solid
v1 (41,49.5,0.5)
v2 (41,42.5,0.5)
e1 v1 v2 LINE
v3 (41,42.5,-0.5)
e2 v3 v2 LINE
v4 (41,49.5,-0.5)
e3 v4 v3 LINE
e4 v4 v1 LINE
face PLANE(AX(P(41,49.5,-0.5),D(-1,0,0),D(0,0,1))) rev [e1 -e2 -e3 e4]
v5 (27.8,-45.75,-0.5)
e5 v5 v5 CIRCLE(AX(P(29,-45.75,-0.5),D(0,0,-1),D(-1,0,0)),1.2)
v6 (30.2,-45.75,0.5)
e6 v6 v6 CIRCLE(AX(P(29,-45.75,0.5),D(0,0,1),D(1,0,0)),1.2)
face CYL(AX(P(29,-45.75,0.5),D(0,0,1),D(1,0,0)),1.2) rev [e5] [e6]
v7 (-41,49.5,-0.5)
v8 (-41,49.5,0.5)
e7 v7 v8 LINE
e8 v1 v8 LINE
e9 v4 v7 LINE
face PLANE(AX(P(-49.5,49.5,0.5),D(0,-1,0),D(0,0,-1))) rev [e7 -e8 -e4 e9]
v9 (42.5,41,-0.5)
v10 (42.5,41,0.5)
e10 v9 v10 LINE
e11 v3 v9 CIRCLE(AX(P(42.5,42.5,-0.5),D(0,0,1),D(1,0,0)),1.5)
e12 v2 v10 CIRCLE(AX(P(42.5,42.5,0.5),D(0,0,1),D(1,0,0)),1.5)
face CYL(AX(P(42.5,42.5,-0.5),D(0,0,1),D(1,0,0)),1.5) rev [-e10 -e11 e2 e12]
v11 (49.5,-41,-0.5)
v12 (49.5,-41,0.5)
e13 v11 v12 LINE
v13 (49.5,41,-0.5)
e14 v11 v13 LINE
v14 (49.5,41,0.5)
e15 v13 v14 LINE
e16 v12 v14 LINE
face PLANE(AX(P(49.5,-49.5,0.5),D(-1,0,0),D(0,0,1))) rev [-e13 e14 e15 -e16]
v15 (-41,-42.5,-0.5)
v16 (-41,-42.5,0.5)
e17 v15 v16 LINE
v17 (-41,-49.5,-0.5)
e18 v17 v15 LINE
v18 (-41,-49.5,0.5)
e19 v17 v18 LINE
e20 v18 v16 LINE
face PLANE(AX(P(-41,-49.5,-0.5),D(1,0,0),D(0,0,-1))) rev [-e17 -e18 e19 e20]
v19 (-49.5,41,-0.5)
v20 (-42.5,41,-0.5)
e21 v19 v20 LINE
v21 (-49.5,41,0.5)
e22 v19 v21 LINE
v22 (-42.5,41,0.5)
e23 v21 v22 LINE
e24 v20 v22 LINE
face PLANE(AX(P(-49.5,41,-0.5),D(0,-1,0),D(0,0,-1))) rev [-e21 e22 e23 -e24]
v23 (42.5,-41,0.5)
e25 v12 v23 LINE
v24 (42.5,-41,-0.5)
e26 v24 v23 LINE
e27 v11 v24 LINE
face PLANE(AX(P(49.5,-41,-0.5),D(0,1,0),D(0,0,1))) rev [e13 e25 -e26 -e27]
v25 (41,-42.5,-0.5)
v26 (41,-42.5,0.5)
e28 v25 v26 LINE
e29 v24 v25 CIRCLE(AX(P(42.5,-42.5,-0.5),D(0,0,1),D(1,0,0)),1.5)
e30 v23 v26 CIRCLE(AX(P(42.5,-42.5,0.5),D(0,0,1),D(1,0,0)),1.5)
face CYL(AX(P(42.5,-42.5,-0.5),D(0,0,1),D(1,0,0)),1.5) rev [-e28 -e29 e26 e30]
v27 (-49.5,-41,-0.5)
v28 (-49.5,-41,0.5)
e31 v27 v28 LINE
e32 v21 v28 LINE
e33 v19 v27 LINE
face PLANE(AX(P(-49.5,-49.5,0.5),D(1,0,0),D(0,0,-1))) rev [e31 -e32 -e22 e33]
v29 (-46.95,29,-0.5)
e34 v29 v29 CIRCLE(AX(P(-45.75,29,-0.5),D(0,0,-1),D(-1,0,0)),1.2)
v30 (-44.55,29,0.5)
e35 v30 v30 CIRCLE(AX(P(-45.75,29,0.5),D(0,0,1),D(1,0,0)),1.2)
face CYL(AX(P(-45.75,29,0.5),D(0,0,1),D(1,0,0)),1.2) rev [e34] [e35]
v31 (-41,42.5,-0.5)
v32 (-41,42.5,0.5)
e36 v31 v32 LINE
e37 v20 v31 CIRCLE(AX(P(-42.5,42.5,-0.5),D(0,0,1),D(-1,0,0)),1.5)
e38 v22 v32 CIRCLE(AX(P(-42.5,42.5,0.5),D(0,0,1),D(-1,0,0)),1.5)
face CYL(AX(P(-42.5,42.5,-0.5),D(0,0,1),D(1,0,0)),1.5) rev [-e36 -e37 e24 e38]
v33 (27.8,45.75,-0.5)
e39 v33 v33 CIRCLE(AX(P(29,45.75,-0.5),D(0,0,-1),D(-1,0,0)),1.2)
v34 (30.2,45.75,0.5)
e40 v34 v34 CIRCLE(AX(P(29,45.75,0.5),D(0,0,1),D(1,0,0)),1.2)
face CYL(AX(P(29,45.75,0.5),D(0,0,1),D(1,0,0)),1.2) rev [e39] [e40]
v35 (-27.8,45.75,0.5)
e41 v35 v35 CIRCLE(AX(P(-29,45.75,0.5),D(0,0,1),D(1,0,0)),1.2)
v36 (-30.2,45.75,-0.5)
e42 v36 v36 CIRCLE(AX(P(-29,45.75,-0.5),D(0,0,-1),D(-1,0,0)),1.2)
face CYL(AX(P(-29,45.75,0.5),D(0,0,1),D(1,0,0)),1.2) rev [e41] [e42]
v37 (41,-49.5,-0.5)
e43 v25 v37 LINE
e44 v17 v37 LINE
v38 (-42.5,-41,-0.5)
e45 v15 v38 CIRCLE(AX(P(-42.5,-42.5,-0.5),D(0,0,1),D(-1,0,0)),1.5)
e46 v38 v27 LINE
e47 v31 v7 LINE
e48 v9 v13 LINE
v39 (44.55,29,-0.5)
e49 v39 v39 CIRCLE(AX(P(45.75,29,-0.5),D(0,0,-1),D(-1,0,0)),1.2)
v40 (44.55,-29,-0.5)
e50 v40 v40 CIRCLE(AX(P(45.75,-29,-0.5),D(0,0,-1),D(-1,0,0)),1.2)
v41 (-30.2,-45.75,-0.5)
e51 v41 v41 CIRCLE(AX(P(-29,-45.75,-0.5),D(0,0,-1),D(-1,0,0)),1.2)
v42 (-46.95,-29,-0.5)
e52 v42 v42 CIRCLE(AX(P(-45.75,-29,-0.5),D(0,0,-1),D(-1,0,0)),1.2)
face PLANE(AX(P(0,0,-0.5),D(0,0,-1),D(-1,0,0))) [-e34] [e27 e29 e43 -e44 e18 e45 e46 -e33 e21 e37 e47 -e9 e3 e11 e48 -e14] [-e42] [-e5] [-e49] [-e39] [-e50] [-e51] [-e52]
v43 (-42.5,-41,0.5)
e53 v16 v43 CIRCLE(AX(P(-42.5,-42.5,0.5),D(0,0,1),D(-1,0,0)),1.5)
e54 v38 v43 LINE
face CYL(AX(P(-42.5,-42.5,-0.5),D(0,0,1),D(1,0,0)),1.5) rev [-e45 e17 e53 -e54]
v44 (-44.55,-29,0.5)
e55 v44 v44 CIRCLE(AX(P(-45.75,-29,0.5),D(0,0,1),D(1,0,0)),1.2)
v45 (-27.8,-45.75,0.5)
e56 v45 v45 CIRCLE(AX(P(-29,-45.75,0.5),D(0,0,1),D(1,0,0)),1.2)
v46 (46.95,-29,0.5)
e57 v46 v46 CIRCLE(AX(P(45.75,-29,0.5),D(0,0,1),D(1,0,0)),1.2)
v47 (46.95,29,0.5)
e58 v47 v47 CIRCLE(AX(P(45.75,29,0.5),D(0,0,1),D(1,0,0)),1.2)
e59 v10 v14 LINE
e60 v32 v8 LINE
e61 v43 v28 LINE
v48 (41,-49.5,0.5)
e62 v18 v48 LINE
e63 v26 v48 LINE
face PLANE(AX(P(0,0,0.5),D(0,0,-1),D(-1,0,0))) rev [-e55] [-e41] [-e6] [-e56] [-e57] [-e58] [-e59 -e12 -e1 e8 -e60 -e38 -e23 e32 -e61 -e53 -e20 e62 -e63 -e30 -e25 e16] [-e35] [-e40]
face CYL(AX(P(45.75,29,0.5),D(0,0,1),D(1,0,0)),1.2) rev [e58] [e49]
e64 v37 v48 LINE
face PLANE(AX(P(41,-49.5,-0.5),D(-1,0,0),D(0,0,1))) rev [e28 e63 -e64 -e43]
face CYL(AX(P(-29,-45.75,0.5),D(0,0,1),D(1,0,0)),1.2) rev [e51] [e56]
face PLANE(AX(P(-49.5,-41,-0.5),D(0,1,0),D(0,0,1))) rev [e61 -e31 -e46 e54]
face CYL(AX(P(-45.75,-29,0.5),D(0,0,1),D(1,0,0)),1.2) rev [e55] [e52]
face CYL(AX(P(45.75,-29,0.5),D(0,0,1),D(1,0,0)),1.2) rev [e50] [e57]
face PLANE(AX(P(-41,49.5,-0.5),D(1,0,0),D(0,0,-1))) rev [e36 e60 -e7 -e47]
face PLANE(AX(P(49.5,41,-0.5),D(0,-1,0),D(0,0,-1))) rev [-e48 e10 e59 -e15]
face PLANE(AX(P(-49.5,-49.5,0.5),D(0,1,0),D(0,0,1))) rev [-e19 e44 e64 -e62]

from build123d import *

# Parameters (mm, degrees)
SKETCH1_W           = 99
SKETCH1_H           = 99
BOSS_EXTRUDE1_DEPTH = 0.5
CUT_EXTRUDE1_DEPTH  = 71.010713466
M2_HOLE1_B_D        = 2.4
M2_HOLE1_B_DEPTH    = 3
M2_HOLE1_B_TIP      = 0.721032743


with BuildPart() as part:
    # Sketch1 → Boss-Extrude1 (new, symmetric)
    with BuildSketch(Plane.XY):
        Rectangle(SKETCH1_W, SKETCH1_H)
    extrude(amount=BOSS_EXTRUDE1_DEPTH, both=True)

    # Sketch2 → Cut-Extrude1 (cut, through all)
    with BuildSketch(Plane.XY.offset(0.5)):
        with BuildLine():
            Line((-49.5, 49.5), (-41, 49.5))
            Line((-41, 49.5), (-41, 42.5))
            ThreePointArc((-41, 42.5), (-41.439339828, 41.439339828), (-42.5, 41))
            Line((-42.5, 41), (-49.5, 41))
            Line((-49.5, 41), (-49.5, 49.5))
        make_face()
        with BuildLine():
            Line((49.5, 49.5), (41, 49.5))
            Line((41, 49.5), (41, 42.5))
            ThreePointArc((41, 42.5), (41.439339828, 41.439339828), (42.5, 41))
            Line((42.5, 41), (49.5, 41))
            Line((49.5, 41), (49.5, 49.5))
        make_face()
        with BuildLine():
            Line((-49.5, -49.5), (-41, -49.5))
            Line((-41, -49.5), (-41, -42.5))
            ThreePointArc((-41, -42.5), (-41.439339828, -41.439339828), (-42.5, -41))
            Line((-42.5, -41), (-49.5, -41))
            Line((-49.5, -41), (-49.5, -49.5))
        make_face()
        with BuildLine():
            Line((49.5, -49.5), (41, -49.5))
            Line((41, -49.5), (41, -42.5))
            ThreePointArc((41, -42.5), (41.439339828, -41.439339828), (42.5, -41))
            Line((42.5, -41), (49.5, -41))
            Line((49.5, -41), (49.5, -49.5))
        make_face()
    extrude(amount=-CUT_EXTRUDE1_DEPTH, mode=Mode.SUBTRACT)

    # M2 Hole1 - B
    with Locations(Plane.XY.offset(0.5)):
        with Locations((-45.75, 29), (-29, 45.75), (29, 45.75), (45.75, 29), (45.75, -29), (29, -45.75), (-29, -45.75), (-45.75, -29)):
            Hole(M2_HOLE1_B_D / 2, depth=M2_HOLE1_B_DEPTH)
            with Locations((0, 0, -(M2_HOLE1_B_DEPTH + M2_HOLE1_B_TIP / 2))):  # 118° drill point
                Cone(0, M2_HOLE1_B_D / 2, M2_HOLE1_B_TIP, mode=Mode.SUBTRACT)


solid = part.part
